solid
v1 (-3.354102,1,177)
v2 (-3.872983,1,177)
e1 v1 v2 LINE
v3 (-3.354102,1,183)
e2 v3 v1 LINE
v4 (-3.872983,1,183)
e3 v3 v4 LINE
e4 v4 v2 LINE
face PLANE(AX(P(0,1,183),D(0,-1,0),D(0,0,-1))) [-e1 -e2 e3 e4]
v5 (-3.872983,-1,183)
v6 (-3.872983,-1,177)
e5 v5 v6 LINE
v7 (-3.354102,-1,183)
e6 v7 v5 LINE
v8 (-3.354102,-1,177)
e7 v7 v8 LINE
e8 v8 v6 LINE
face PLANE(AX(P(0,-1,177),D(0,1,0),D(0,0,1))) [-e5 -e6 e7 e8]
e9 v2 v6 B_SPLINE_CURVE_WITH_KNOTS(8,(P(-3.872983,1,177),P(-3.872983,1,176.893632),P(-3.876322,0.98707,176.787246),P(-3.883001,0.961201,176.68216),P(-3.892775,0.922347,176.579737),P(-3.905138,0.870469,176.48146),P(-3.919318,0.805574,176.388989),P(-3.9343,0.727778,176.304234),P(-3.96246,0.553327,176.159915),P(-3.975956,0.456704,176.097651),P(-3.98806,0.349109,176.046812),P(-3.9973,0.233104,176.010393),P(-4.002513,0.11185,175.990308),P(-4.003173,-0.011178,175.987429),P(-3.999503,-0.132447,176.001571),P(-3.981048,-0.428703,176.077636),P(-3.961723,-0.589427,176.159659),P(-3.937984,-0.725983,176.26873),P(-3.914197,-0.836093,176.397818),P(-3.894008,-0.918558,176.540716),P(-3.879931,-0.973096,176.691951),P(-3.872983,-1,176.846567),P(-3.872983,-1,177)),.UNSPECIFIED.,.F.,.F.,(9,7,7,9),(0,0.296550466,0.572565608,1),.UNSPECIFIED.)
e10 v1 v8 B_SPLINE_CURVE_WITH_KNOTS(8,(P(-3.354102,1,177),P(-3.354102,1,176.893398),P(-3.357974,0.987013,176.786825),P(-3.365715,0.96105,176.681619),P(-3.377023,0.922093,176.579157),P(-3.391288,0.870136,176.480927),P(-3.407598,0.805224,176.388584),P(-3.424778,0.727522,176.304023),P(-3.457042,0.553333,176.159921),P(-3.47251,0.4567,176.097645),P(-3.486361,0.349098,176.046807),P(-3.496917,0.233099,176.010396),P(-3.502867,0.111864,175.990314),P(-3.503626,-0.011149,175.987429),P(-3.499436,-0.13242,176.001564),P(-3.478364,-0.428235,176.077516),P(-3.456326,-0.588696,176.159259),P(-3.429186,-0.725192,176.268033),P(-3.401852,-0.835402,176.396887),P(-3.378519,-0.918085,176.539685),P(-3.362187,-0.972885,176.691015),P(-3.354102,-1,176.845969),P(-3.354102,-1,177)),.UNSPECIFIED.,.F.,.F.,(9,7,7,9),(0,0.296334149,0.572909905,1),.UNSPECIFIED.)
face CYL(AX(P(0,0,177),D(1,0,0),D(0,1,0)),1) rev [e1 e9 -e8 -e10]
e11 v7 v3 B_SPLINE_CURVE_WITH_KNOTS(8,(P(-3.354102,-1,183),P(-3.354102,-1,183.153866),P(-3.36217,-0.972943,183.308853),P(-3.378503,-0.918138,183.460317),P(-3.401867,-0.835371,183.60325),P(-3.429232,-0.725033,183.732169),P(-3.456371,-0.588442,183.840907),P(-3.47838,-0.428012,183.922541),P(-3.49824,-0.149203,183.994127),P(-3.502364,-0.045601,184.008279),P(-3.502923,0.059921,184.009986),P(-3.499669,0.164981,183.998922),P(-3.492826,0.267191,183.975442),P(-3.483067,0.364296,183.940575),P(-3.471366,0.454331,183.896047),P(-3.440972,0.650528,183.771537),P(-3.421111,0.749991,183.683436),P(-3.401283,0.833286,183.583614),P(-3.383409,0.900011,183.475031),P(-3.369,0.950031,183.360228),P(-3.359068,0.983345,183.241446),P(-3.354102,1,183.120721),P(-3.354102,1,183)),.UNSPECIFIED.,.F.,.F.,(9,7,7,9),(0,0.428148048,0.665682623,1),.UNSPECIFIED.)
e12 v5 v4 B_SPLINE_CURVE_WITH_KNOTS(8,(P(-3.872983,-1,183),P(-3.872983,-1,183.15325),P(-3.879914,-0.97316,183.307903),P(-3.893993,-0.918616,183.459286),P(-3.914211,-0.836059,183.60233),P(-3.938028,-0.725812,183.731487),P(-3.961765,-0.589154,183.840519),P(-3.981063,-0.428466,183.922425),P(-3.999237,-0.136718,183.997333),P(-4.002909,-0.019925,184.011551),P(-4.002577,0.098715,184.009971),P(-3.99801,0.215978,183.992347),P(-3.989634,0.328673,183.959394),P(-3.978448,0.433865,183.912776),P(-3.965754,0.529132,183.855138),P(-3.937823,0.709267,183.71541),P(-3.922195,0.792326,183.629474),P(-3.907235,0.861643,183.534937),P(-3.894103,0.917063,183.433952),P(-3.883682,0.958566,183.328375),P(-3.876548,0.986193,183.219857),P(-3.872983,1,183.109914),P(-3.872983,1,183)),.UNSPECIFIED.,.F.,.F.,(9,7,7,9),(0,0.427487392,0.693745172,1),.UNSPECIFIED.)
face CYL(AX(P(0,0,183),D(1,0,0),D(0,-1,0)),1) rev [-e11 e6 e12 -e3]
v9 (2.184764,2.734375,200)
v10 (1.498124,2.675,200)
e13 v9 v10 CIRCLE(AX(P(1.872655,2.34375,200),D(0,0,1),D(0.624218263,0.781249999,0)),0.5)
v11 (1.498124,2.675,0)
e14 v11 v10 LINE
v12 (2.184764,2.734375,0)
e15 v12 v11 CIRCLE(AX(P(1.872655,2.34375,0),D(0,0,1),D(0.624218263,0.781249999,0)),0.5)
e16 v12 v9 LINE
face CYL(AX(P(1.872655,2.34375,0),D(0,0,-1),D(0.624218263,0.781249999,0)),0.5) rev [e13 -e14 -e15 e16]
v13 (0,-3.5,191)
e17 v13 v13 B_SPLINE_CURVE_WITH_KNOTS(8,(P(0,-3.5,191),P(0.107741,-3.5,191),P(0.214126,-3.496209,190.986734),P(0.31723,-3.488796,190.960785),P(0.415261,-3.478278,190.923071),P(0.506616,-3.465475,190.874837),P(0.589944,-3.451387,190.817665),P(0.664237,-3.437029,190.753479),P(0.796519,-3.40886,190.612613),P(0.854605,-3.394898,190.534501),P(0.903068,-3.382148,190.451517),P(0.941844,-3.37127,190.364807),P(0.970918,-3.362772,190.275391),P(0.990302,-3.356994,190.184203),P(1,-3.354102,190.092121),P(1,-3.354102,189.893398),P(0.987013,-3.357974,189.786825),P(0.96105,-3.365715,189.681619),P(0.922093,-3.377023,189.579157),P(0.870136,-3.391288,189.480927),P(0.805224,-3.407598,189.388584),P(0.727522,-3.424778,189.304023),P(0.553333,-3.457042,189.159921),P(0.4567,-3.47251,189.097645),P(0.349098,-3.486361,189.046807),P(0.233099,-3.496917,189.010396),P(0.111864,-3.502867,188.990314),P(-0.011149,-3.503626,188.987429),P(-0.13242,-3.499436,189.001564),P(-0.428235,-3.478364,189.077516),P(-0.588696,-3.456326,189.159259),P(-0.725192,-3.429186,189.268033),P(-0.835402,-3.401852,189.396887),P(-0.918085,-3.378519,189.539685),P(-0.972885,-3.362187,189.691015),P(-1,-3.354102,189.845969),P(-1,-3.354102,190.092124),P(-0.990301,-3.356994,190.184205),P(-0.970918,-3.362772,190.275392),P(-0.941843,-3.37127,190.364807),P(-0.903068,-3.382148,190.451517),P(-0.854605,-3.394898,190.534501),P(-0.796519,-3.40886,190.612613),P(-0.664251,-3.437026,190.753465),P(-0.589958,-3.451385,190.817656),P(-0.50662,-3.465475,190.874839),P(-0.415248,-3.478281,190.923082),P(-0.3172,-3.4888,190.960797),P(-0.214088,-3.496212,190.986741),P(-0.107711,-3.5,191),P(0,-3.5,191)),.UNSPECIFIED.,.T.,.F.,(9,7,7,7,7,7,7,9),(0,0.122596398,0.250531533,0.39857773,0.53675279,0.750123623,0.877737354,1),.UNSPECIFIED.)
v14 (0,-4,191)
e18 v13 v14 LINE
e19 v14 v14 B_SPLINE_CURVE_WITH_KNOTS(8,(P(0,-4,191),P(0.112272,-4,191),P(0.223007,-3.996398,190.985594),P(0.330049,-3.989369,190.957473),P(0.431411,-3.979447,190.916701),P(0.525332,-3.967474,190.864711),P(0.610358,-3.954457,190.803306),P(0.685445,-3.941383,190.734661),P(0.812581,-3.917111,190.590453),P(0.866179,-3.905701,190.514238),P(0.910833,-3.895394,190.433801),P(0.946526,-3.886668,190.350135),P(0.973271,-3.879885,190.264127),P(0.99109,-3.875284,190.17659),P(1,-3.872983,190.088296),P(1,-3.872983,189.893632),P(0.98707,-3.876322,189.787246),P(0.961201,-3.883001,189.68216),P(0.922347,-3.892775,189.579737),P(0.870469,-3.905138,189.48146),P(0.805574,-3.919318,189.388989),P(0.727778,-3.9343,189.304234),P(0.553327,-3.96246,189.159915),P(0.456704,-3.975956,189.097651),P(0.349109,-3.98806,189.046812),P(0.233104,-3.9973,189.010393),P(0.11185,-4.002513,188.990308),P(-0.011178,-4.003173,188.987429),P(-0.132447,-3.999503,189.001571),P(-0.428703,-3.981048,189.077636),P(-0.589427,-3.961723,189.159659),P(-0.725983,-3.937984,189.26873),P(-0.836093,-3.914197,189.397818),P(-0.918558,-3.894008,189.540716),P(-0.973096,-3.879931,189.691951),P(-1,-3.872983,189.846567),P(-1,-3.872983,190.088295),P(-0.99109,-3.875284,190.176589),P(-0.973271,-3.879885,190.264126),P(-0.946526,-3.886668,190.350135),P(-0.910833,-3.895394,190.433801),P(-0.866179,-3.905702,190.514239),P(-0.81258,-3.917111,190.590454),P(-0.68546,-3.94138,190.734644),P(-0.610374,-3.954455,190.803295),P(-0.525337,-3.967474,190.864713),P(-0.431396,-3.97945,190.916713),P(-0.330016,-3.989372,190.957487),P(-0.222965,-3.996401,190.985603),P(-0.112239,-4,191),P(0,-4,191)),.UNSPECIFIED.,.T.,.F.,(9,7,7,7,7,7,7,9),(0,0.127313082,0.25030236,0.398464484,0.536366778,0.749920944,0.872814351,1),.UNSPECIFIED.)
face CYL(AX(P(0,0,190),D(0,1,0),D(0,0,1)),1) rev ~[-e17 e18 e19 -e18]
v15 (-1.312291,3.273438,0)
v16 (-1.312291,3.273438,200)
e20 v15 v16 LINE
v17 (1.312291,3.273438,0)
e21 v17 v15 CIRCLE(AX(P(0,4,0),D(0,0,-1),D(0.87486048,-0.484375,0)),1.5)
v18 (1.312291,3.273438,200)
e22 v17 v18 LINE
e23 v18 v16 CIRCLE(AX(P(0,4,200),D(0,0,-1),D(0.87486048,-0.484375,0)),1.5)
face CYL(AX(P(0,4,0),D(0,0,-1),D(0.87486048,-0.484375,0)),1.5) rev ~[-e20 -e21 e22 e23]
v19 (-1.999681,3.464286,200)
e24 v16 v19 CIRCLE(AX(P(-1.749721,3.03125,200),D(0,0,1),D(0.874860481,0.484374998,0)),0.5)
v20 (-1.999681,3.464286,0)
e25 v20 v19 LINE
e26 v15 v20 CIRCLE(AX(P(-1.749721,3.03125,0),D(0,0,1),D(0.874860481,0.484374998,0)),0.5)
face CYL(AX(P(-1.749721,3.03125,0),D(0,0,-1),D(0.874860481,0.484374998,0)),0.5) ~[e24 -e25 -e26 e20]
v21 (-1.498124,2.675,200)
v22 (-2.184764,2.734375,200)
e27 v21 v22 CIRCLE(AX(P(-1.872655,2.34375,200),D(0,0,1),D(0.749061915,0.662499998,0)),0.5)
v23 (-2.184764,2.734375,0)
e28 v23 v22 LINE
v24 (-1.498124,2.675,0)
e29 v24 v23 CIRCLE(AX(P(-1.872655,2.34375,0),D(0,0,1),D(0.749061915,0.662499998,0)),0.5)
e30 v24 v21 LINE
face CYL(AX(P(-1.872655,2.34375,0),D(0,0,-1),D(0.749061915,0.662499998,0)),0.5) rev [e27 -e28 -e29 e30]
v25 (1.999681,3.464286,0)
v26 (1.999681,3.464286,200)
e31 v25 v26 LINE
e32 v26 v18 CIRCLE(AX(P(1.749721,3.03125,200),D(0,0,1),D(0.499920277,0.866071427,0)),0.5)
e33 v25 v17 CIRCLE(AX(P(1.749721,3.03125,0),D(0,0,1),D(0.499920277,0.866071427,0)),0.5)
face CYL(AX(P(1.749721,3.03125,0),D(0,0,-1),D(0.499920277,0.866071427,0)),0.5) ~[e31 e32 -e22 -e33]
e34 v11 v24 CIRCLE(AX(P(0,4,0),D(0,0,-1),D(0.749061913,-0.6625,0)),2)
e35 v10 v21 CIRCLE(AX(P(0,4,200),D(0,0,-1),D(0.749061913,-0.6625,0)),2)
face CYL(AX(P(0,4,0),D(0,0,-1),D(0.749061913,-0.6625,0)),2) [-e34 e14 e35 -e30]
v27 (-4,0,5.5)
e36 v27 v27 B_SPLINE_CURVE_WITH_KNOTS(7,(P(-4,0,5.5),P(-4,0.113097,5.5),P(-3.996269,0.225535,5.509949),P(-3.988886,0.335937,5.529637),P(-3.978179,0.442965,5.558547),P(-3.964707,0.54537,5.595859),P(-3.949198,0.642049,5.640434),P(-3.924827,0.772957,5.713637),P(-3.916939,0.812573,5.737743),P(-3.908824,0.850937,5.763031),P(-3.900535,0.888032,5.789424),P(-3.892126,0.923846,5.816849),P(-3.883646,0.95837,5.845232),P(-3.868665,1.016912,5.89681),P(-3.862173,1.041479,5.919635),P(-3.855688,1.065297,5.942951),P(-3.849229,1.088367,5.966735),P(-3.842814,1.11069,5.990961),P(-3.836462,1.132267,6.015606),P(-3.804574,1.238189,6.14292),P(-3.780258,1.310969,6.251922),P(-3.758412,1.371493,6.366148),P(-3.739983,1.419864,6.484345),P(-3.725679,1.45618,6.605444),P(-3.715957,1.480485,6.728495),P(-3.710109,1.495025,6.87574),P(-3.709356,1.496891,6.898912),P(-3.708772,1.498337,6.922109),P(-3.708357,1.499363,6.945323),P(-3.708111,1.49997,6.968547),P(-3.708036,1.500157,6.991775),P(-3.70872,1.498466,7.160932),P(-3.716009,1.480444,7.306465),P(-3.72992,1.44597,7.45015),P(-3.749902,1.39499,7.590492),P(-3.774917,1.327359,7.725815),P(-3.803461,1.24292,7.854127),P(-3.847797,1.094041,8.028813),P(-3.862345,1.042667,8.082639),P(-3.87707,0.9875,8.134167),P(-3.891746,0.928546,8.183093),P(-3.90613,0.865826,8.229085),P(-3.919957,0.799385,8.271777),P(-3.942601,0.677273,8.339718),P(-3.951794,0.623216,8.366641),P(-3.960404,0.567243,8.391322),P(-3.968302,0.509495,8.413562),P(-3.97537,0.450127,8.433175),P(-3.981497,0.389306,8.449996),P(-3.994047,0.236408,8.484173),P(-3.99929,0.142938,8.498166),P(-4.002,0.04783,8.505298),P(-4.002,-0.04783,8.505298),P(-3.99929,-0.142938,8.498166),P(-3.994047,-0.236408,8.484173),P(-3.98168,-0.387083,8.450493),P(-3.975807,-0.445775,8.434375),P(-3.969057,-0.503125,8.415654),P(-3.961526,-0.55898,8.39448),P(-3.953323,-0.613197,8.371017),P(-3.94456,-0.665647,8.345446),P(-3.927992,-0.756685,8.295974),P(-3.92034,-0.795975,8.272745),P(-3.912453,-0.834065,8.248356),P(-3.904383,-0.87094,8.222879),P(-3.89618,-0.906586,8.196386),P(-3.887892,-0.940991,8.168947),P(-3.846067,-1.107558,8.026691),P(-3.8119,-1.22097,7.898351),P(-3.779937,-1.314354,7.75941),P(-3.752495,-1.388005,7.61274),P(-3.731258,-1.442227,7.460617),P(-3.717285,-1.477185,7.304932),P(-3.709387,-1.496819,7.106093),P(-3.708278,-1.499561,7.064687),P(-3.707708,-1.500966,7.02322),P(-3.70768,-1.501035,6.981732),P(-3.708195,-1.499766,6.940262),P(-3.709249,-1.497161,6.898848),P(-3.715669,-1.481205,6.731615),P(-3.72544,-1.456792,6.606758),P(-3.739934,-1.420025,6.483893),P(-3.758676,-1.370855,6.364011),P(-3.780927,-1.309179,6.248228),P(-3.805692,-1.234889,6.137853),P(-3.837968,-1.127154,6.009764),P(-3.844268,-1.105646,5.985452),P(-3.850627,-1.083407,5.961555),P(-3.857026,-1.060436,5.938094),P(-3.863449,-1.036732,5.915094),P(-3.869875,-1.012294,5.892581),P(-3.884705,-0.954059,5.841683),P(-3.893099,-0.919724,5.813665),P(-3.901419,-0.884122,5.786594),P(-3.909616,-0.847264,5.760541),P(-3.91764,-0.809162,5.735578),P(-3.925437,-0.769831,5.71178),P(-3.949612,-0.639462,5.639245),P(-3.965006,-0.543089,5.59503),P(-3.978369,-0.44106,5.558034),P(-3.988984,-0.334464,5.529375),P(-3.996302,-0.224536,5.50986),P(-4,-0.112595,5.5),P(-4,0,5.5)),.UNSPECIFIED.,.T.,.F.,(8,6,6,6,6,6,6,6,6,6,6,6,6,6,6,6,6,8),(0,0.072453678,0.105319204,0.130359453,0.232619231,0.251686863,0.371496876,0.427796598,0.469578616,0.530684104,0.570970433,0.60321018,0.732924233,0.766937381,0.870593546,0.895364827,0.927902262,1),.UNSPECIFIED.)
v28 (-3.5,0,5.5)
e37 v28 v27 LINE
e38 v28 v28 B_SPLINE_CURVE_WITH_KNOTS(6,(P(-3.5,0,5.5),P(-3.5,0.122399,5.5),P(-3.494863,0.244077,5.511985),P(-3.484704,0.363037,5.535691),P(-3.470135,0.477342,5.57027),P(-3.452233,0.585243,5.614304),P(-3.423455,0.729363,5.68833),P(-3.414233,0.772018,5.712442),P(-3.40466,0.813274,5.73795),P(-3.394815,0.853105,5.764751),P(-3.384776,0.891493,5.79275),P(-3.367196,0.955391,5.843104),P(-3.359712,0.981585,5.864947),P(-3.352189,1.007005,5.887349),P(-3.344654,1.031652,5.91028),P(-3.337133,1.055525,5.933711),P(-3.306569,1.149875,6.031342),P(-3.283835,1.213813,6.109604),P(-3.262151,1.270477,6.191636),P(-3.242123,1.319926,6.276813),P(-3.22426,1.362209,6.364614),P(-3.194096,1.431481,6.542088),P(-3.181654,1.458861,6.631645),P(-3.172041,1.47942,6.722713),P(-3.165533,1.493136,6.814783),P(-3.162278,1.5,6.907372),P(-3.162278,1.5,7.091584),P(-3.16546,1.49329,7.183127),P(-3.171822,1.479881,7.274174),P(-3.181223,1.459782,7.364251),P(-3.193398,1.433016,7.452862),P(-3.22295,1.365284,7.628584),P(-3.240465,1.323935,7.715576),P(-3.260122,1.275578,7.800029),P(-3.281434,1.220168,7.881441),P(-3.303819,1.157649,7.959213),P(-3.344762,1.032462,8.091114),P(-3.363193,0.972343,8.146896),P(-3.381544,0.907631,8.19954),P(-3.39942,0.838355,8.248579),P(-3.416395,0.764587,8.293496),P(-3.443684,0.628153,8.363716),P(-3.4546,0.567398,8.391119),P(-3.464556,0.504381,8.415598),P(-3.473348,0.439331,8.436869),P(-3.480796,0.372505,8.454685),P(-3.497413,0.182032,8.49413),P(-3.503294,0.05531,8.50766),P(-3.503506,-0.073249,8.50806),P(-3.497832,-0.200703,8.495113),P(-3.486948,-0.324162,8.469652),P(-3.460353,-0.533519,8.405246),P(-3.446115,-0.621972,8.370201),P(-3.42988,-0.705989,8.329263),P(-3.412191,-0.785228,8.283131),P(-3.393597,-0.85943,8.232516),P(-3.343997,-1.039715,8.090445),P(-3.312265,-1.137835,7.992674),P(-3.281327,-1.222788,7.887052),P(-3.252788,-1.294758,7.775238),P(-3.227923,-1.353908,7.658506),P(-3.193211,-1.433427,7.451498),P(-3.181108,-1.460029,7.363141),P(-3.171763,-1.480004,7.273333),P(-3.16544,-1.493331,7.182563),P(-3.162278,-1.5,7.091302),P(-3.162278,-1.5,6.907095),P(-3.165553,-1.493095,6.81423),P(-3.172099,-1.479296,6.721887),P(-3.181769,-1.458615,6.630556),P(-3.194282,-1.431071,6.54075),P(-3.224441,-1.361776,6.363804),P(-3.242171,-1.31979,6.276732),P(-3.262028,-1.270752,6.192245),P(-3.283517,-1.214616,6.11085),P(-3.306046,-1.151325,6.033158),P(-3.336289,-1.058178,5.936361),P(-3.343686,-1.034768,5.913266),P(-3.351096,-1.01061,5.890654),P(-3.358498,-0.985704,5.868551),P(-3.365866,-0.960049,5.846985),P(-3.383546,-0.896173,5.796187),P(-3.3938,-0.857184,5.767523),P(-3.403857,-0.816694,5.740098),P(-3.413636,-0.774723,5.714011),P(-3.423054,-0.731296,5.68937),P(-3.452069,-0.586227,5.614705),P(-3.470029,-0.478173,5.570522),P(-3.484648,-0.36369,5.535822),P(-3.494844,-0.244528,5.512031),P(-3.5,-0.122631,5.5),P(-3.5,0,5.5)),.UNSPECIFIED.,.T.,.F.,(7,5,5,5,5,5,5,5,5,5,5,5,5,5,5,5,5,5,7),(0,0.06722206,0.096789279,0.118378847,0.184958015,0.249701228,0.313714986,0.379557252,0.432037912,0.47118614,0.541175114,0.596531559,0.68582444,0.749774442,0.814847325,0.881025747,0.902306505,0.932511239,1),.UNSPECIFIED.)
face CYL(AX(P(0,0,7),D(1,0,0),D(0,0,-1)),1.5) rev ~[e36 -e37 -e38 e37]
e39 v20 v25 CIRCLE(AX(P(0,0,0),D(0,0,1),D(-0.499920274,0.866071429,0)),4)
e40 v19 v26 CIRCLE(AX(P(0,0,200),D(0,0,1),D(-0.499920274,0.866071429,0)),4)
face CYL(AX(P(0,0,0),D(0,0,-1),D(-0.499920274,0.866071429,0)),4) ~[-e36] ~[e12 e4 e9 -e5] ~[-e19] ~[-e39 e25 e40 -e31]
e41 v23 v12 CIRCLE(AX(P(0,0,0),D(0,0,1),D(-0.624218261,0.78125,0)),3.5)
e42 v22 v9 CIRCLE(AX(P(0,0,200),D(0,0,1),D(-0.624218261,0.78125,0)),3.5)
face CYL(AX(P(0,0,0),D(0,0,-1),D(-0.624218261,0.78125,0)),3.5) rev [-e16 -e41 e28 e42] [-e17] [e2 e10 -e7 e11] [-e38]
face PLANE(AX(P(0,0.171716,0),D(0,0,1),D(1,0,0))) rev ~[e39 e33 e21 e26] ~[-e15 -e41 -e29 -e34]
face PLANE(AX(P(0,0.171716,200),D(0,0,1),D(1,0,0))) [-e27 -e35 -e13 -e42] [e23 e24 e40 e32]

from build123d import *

# Parameters (mm, degrees)
ESTRUSIONE_ESTRUSIONE1_DEPTH = 200
SCHIZZO2_R                   = 1.5
TAGLIO_ESTRUSIONE1_DEPTH     = 200
SCHIZZO3_R                   = 1
TAGLIO_ESTRUSIONE2_DEPTH     = 200


with BuildPart() as part:
    # Schizzo1 → Estrusione-Estrusione1 (new body)
    with BuildSketch(Plane.XY):
        with BuildLine():
            ThreePointArc((-1.999681097, 3.464285714), (0, -4), (1.999681097, 3.464285714))
            ThreePointArc((1.999681097, 3.464285714), (1.615959904, 3.513025861), (1.31229072, 3.2734375))
            ThreePointArc((1.31229072, 3.2734375), (0, 2.5), (-1.31229072, 3.2734375))
            ThreePointArc((-1.31229072, 3.2734375), (-1.615959904, 3.513025861), (-1.999681097, 3.464285714))
        make_face()
        with BuildLine():
            ThreePointArc((-2.184763914, 2.734375), (0, -3.5), (2.184763914, 2.734375))
            ThreePointArc((2.184763914, 2.734375), (1.829579631, 2.841891076), (1.498123827, 2.675))
            ThreePointArc((1.498123827, 2.675), (0, 2), (-1.498123827, 2.675))
            ThreePointArc((-1.498123827, 2.675), (-1.829579631, 2.841891076), (-2.184763914, 2.734375))
        make_face(mode=Mode.SUBTRACT)
    extrude(amount=ESTRUSIONE_ESTRUSIONE1_DEPTH)

    # Schizzo2 → Taglio-Estrusione1 (cut)
    with BuildSketch(Plane(origin=(0, 0, 0), x_dir=(0, 0, -1), z_dir=(1, 0, 0))):
        with Locations((-7, 0)):
            Circle(SCHIZZO2_R)
        with BuildLine():
            Line((-183, 1), (-177, 1))
            ThreePointArc((-177, 1), (-176, 0), (-177, -1))
            Line((-177, -1), (-183, -1))
            ThreePointArc((-183, -1), (-184, 0), (-183, 1))
        make_face()
    extrude(amount=-TAGLIO_ESTRUSIONE1_DEPTH, mode=Mode.SUBTRACT)

    # Schizzo3 → Taglio-Estrusione2 (cut)
    with BuildSketch(Plane(origin=(0, 0, 0), x_dir=(1, 0, 0), z_dir=(0, 1, 0))):
        with Locations((0, -190)):
            Circle(SCHIZZO3_R)
    extrude(amount=-TAGLIO_ESTRUSIONE2_DEPTH, mode=Mode.SUBTRACT)


solid = part.part
